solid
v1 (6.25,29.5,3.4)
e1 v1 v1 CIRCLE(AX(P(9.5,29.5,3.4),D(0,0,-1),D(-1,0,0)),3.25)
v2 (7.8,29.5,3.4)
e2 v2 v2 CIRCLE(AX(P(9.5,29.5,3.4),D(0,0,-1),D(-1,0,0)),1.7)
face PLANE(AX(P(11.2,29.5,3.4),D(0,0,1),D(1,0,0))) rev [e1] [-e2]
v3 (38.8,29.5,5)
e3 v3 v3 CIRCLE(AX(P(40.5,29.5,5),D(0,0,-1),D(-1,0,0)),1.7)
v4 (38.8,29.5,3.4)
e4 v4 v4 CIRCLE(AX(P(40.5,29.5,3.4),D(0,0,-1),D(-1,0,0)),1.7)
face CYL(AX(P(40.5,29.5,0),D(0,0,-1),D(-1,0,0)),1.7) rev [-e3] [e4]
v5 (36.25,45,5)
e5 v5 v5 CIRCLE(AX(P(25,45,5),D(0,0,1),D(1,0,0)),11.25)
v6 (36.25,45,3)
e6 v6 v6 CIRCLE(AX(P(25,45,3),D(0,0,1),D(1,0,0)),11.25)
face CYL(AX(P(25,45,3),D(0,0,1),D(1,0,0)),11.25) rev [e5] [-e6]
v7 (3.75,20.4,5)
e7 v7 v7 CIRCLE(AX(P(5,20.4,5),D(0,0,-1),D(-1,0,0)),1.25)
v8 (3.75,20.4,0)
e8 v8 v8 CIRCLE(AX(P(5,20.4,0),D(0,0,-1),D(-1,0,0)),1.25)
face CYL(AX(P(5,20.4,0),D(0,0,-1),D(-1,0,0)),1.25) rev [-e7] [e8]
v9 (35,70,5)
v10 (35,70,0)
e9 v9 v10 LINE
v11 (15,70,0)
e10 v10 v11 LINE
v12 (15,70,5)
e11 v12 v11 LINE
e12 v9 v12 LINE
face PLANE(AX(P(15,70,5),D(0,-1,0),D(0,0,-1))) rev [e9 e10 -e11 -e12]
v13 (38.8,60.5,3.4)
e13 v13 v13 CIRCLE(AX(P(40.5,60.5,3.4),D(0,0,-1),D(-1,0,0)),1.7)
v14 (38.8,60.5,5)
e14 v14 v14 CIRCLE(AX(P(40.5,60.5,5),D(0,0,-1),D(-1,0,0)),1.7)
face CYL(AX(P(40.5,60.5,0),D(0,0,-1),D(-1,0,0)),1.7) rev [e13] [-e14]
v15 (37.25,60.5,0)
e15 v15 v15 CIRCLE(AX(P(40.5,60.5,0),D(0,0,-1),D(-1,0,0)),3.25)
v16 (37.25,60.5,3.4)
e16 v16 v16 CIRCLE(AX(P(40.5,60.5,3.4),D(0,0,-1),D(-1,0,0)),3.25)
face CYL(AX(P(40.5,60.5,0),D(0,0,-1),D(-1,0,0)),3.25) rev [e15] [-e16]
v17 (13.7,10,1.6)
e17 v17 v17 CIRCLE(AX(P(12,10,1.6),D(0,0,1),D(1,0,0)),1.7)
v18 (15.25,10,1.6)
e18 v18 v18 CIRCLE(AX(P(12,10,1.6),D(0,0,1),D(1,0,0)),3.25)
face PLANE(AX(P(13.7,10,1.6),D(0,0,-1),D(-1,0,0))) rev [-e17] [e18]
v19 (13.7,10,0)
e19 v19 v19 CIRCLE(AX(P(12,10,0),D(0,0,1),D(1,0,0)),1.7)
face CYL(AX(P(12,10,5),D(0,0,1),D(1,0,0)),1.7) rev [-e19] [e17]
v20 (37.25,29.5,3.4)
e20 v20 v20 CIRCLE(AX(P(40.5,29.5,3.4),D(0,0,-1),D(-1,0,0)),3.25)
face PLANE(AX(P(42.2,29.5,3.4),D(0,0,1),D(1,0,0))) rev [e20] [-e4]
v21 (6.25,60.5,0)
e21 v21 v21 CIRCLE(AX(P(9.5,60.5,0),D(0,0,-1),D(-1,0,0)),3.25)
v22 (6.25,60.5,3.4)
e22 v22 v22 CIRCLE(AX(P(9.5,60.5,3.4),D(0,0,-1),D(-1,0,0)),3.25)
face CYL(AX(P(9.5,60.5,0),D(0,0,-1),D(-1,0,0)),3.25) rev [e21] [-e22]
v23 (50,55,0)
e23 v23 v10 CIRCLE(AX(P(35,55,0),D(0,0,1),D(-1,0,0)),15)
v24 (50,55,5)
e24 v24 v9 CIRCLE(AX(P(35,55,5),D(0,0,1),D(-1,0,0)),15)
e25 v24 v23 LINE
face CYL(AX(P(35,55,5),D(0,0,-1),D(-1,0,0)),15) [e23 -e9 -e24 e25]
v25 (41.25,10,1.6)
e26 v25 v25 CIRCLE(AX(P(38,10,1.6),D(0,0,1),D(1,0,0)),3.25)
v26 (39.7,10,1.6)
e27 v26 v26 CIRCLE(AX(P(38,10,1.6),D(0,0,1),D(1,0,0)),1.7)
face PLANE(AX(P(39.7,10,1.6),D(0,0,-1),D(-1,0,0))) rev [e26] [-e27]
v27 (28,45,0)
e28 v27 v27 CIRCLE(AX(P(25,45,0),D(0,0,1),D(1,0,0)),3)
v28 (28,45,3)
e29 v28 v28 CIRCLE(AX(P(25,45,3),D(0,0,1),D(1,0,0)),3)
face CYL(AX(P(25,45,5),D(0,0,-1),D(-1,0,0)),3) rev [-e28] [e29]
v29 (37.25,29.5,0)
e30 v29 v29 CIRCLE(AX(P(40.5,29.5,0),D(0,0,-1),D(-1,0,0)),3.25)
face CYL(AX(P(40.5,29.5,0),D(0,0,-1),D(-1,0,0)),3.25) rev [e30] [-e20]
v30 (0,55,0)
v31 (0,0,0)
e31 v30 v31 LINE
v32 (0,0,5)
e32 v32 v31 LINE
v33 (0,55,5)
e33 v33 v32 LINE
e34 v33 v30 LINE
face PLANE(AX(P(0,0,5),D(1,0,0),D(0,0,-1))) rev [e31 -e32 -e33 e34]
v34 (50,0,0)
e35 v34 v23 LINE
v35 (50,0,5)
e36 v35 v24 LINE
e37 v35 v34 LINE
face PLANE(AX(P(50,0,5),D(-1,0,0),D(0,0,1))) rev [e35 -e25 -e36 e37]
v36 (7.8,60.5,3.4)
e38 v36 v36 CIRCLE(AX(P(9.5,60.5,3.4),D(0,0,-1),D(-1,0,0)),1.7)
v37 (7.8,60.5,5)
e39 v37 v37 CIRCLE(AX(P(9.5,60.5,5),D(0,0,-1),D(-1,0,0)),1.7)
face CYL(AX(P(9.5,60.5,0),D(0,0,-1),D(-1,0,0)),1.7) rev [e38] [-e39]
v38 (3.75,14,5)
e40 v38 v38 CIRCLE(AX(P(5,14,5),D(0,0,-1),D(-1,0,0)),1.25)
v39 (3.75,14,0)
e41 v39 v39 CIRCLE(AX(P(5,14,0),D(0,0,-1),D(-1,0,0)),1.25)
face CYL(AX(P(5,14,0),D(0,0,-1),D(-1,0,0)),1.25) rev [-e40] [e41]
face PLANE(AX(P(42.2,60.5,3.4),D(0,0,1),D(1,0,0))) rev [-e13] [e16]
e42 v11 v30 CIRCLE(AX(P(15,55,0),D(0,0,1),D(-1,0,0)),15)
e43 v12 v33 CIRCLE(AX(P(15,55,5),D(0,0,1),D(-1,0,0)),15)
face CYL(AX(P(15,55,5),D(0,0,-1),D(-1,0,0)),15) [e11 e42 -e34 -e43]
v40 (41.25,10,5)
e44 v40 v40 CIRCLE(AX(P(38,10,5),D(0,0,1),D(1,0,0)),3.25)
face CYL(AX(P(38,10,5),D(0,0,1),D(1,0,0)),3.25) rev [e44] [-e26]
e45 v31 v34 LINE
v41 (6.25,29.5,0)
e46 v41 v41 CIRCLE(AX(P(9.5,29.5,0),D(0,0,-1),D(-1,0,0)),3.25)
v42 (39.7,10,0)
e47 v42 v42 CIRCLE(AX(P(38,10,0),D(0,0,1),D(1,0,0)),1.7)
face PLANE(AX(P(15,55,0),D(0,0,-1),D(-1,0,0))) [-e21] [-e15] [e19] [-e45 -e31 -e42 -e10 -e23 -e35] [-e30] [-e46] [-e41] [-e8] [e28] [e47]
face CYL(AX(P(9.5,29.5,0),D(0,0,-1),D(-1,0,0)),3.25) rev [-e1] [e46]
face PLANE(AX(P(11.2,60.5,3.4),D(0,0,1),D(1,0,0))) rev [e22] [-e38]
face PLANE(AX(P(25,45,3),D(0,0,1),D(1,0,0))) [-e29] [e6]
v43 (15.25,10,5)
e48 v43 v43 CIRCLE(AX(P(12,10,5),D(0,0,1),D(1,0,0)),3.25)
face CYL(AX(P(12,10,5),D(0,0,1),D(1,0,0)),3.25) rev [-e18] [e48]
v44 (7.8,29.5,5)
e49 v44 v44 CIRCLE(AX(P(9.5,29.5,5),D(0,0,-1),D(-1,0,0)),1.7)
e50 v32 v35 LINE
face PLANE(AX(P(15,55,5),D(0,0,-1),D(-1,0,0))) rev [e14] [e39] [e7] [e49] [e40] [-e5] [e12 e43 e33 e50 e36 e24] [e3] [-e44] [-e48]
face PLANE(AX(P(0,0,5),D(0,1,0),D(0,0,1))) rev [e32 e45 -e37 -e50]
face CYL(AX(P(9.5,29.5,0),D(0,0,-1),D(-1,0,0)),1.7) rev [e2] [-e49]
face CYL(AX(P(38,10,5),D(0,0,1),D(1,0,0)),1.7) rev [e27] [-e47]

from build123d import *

# Parameters (mm, degrees)
SKIZZE1_R                                            = 3
AUFSATZ_LINEAR_AUSTRAGEN1_DEPTH                      = 5
SKIZZE3_R                                            = 11.25
SCHNITT_LINEAR_AUSTRAGEN1_DEPTH                      = 2
STIRNSENKUNG_F_R_M3_ZYLINDERSCHRAUBE_MIT_D           = 3.4
STIRNSENKUNG_F_R_M3_ZYLINDERSCHRAUBE_MIT_CBORE_D     = 6.5
STIRNSENKUNG_F_R_M3_ZYLINDERSCHRAUBE_MIT_CBORE_DEPTH = 3.4
STIRNSENKUNG_F_R_M3_ZYLINDERSCHRAUBE_2_D             = 3.4
STIRNSENKUNG_F_R_M3_ZYLINDERSCHRAUBE_2_CBORE_D       = 6.5
STIRNSENKUNG_F_R_M3_ZYLINDERSCHRAUBE_2_CBORE_DEPTH   = 3.4
F_2_5_2_5_DURCHMESSER_BOHRUNG1_D                     = 2.5
F_2_5_2_5_DURCHMESSER_BOHRUNG1_DEPTH                 = 5


with BuildPart() as part:
    # Skizze1 → Aufsatz-Linear austragen1 (new body)
    with BuildSketch(Plane.XY):
        with BuildLine():
            Line((0, 0), (50, 0))
            Line((50, 0), (50, 55))
            ThreePointArc((50, 55), (45.606601718, 65.606601718), (35, 70))
            Line((35, 70), (15, 70))
            ThreePointArc((15, 70), (4.393398282, 65.606601718), (0, 55))
            Line((0, 55), (0, 0))
        make_face()
        with Locations((25, 45)):
            Circle(SKIZZE1_R, mode=Mode.SUBTRACT)
    extrude(amount=AUFSATZ_LINEAR_AUSTRAGEN1_DEPTH)

    # Skizze3 → Schnitt-Linear austragen1 (cut)
    with BuildSketch(Plane.XY.offset(5)):
        with Locations((25, 45)):
            Circle(SKIZZE3_R)
    extrude(amount=-SCHNITT_LINEAR_AUSTRAGEN1_DEPTH, mode=Mode.SUBTRACT)

    # Stirnsenkung f_r M3 Zylinderschraube mit (through all)
    with Locations(Plane(origin=(0, 0, 0), x_dir=(-1, 0, 0), z_dir=(0, 0, -1))):
        with Locations((-9.5, 29.5), (-9.5, 60.5), (-40.5, 60.5), (-40.5, 29.5)):
            CounterBoreHole(STIRNSENKUNG_F_R_M3_ZYLINDERSCHRAUBE_MIT_D / 2, STIRNSENKUNG_F_R_M3_ZYLINDERSCHRAUBE_MIT_CBORE_D / 2, STIRNSENKUNG_F_R_M3_ZYLINDERSCHRAUBE_MIT_CBORE_DEPTH)

    # Stirnsenkung f_r M3 Zylinderschraube 2 (through all)
    with Locations(Plane.XY.offset(5)):
        with Locations((38, 10), (12, 10)):
            CounterBoreHole(STIRNSENKUNG_F_R_M3_ZYLINDERSCHRAUBE_2_D / 2, STIRNSENKUNG_F_R_M3_ZYLINDERSCHRAUBE_2_CBORE_D / 2, STIRNSENKUNG_F_R_M3_ZYLINDERSCHRAUBE_2_CBORE_DEPTH)

    # Ø2.5 (2.5) Durchmesser Bohrung1
    with Locations(Plane(origin=(0, 0, 0), x_dir=(-1, 0, 0), z_dir=(0, 0, -1))):
        with Locations((-5, 20.4), (-5, 14)):
            Hole(F_2_5_2_5_DURCHMESSER_BOHRUNG1_D / 2, depth=F_2_5_2_5_DURCHMESSER_BOHRUNG1_DEPTH)


solid = part.part
